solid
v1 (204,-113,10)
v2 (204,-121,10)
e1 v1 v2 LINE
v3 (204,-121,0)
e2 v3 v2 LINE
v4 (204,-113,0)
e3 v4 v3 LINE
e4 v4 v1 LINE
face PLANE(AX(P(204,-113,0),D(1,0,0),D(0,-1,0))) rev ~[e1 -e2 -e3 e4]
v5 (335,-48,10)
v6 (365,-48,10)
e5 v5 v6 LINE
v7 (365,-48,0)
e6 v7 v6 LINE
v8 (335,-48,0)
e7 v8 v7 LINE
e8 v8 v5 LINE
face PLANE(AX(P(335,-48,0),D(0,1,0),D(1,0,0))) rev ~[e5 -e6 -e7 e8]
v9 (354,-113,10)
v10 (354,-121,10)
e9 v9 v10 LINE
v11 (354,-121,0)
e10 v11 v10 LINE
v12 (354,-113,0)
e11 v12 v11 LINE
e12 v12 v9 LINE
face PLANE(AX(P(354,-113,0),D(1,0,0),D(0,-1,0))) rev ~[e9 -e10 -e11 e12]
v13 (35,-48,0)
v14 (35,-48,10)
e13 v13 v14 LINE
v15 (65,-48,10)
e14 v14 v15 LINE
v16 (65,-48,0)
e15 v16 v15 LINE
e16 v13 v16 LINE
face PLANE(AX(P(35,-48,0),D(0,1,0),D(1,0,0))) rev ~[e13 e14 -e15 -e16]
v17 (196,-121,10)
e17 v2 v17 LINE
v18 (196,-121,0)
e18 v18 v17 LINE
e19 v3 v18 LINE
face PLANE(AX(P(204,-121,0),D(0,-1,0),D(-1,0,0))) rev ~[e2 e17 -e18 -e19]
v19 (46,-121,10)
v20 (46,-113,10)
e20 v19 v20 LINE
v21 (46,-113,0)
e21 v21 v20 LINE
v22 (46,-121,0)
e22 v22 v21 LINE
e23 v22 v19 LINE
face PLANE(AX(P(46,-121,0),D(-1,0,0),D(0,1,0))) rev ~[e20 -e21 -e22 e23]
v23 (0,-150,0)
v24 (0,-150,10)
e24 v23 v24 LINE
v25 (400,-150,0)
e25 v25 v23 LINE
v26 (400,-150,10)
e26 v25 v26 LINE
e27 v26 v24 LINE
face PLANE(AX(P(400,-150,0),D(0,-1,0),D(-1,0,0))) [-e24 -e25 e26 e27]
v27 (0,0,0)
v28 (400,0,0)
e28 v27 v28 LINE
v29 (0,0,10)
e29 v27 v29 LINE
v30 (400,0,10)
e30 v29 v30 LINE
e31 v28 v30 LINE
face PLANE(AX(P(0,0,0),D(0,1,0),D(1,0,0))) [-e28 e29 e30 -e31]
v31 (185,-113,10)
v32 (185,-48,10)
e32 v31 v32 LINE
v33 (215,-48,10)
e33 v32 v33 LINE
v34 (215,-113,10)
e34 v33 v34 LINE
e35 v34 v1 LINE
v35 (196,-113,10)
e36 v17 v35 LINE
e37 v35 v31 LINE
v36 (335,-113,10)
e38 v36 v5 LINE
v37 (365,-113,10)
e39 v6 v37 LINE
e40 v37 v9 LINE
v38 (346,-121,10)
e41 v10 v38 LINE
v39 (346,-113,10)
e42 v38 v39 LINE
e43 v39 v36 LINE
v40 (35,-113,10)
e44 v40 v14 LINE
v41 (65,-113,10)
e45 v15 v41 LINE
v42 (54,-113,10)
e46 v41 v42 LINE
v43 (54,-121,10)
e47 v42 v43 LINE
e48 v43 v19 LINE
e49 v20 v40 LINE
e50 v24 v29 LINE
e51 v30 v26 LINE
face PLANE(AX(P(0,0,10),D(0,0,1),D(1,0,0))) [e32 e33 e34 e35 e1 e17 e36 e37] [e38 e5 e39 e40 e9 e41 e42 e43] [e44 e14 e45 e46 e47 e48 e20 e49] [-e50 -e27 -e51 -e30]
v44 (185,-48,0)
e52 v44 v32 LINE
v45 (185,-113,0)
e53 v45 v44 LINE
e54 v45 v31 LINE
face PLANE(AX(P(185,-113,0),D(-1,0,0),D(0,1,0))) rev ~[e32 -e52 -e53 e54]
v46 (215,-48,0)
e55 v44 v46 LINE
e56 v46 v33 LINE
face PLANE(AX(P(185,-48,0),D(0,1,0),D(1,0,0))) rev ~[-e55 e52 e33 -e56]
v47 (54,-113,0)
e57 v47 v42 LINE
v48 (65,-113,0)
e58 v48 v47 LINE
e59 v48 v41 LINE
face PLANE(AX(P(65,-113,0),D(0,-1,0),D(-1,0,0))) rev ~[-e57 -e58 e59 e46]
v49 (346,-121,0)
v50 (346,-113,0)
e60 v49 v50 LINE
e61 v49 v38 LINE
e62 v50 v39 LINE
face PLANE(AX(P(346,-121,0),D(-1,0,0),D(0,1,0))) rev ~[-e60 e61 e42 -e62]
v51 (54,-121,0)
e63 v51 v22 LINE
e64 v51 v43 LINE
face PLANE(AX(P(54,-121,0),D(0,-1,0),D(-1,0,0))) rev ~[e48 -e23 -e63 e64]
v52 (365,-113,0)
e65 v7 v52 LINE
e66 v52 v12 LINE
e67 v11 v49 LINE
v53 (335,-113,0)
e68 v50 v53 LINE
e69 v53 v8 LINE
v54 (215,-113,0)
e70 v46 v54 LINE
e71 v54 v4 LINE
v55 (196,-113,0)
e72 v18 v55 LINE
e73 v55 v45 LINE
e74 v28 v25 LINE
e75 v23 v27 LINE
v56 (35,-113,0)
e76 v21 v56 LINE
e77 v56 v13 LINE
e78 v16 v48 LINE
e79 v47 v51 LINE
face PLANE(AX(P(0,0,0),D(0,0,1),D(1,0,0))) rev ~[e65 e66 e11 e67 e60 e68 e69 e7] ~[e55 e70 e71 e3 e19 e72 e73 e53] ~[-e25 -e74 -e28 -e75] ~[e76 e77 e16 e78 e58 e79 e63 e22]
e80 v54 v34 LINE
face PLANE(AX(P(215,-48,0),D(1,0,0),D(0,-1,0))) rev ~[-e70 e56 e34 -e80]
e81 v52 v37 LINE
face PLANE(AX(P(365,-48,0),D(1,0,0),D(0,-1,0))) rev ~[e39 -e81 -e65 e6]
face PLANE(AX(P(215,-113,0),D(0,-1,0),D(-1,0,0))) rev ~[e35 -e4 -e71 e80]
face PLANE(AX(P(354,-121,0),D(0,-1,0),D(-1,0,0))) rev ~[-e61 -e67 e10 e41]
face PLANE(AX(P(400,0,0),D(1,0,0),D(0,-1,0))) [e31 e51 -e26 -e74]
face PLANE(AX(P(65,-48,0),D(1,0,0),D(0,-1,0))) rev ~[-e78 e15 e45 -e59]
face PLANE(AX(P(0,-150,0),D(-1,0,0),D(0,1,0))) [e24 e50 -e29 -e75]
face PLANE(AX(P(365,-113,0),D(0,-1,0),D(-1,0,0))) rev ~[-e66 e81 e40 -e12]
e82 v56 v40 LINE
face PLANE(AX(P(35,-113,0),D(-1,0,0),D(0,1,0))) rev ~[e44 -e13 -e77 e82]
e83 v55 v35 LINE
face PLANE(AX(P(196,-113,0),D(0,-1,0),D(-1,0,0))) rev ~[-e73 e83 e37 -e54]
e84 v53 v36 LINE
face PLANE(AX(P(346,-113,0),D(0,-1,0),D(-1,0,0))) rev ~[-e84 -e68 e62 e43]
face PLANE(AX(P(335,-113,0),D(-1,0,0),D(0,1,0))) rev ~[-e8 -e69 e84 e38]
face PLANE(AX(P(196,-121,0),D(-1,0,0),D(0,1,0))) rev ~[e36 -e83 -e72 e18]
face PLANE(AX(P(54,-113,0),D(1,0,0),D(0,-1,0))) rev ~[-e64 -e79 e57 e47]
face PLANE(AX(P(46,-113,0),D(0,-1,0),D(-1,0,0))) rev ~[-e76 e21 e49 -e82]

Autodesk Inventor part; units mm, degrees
ref_plane "YZ Plane" through (0, 0, 0) normal (1, 0, 0) x (0, 1, 0)
ref_plane "XZ Plane" through (0, 0, 0) normal (0, 1, 0) x (-1, 0, 0)
ref_plane "XY Plane" through (0, 0, 0) normal (0, 0, 1) x (1, 0, 0)
sketch "Skizze1" plane through (0, 0, 0) normal (0, 0, 1) x (1, 0, 0)
  line L0 (0, 0) -> (400, 0)
  line L1 (400, 0) -> (400, -150)
  line L2 (400, -150) -> (0, -150)
  line L3 (0, -150) -> (0, 0)
  line L4 (35, -113) -> (35, -48)
  line L5 (35, -48) -> (65, -48)
  line L6 (65, -48) -> (65, -113)
  line L7 (185, -48) -> (215, -48)
  line L8 (215, -48) -> (215, -113)
  line L9 (185, -113) -> (185, -48)
  line L10 (335, -48) -> (365, -48)
  line L11 (365, -48) -> (365, -113)
  line L12 (335, -113) -> (335, -48)
  line L13 (204, -113) -> (204, -121)
  line L14 (204, -121) -> (196, -121)
  line L15 (196, -121) -> (196, -113)
  line L16 (215, -113) -> (204, -113)
  line L17 (196, -113) -> (185, -113)
  line L18 (54, -113) -> (54, -121)
  line L19 (54, -121) -> (46, -121)
  line L20 (46, -121) -> (46, -113)
  line L21 (65, -113) -> (54, -113)
  line L22 (46, -113) -> (35, -113)
  line L23 (354, -113) -> (354, -121)
  line L24 (354, -121) -> (346, -121)
  line L25 (346, -121) -> (346, -113)
  line L26 (365, -113) -> (354, -113)
  line L27 (346, -113) -> (335, -113)
  dimension "d0" = 400
  dimension "d1" = 150
  dimension "d2" = 65
  dimension "d3" = 30
  dimension "d4" = 30
  dimension "d5" = 65
  dimension "d6" = 30
  dimension "d7" = 65
  dimension "d8" = 35
  dimension "d12" = 35
  dimension "d13" = 185
  dimension "d16" = 8
  dimension "d17" = 8
  dimension "d18" = 11
  dimension "d19" = 8
  dimension "d20" = 8
  dimension "d21" = 11
  dimension "d22" = 8
  dimension "d23" = 8
  dimension "d24" = 11
  dimension "d25" = 37
  dimension "d27" = 37
  dimension "d28" = 37
extrude "Extrusion1" add sketch "Skizze1" along normal blind 10
properties part number "HolzServoHalter1"
